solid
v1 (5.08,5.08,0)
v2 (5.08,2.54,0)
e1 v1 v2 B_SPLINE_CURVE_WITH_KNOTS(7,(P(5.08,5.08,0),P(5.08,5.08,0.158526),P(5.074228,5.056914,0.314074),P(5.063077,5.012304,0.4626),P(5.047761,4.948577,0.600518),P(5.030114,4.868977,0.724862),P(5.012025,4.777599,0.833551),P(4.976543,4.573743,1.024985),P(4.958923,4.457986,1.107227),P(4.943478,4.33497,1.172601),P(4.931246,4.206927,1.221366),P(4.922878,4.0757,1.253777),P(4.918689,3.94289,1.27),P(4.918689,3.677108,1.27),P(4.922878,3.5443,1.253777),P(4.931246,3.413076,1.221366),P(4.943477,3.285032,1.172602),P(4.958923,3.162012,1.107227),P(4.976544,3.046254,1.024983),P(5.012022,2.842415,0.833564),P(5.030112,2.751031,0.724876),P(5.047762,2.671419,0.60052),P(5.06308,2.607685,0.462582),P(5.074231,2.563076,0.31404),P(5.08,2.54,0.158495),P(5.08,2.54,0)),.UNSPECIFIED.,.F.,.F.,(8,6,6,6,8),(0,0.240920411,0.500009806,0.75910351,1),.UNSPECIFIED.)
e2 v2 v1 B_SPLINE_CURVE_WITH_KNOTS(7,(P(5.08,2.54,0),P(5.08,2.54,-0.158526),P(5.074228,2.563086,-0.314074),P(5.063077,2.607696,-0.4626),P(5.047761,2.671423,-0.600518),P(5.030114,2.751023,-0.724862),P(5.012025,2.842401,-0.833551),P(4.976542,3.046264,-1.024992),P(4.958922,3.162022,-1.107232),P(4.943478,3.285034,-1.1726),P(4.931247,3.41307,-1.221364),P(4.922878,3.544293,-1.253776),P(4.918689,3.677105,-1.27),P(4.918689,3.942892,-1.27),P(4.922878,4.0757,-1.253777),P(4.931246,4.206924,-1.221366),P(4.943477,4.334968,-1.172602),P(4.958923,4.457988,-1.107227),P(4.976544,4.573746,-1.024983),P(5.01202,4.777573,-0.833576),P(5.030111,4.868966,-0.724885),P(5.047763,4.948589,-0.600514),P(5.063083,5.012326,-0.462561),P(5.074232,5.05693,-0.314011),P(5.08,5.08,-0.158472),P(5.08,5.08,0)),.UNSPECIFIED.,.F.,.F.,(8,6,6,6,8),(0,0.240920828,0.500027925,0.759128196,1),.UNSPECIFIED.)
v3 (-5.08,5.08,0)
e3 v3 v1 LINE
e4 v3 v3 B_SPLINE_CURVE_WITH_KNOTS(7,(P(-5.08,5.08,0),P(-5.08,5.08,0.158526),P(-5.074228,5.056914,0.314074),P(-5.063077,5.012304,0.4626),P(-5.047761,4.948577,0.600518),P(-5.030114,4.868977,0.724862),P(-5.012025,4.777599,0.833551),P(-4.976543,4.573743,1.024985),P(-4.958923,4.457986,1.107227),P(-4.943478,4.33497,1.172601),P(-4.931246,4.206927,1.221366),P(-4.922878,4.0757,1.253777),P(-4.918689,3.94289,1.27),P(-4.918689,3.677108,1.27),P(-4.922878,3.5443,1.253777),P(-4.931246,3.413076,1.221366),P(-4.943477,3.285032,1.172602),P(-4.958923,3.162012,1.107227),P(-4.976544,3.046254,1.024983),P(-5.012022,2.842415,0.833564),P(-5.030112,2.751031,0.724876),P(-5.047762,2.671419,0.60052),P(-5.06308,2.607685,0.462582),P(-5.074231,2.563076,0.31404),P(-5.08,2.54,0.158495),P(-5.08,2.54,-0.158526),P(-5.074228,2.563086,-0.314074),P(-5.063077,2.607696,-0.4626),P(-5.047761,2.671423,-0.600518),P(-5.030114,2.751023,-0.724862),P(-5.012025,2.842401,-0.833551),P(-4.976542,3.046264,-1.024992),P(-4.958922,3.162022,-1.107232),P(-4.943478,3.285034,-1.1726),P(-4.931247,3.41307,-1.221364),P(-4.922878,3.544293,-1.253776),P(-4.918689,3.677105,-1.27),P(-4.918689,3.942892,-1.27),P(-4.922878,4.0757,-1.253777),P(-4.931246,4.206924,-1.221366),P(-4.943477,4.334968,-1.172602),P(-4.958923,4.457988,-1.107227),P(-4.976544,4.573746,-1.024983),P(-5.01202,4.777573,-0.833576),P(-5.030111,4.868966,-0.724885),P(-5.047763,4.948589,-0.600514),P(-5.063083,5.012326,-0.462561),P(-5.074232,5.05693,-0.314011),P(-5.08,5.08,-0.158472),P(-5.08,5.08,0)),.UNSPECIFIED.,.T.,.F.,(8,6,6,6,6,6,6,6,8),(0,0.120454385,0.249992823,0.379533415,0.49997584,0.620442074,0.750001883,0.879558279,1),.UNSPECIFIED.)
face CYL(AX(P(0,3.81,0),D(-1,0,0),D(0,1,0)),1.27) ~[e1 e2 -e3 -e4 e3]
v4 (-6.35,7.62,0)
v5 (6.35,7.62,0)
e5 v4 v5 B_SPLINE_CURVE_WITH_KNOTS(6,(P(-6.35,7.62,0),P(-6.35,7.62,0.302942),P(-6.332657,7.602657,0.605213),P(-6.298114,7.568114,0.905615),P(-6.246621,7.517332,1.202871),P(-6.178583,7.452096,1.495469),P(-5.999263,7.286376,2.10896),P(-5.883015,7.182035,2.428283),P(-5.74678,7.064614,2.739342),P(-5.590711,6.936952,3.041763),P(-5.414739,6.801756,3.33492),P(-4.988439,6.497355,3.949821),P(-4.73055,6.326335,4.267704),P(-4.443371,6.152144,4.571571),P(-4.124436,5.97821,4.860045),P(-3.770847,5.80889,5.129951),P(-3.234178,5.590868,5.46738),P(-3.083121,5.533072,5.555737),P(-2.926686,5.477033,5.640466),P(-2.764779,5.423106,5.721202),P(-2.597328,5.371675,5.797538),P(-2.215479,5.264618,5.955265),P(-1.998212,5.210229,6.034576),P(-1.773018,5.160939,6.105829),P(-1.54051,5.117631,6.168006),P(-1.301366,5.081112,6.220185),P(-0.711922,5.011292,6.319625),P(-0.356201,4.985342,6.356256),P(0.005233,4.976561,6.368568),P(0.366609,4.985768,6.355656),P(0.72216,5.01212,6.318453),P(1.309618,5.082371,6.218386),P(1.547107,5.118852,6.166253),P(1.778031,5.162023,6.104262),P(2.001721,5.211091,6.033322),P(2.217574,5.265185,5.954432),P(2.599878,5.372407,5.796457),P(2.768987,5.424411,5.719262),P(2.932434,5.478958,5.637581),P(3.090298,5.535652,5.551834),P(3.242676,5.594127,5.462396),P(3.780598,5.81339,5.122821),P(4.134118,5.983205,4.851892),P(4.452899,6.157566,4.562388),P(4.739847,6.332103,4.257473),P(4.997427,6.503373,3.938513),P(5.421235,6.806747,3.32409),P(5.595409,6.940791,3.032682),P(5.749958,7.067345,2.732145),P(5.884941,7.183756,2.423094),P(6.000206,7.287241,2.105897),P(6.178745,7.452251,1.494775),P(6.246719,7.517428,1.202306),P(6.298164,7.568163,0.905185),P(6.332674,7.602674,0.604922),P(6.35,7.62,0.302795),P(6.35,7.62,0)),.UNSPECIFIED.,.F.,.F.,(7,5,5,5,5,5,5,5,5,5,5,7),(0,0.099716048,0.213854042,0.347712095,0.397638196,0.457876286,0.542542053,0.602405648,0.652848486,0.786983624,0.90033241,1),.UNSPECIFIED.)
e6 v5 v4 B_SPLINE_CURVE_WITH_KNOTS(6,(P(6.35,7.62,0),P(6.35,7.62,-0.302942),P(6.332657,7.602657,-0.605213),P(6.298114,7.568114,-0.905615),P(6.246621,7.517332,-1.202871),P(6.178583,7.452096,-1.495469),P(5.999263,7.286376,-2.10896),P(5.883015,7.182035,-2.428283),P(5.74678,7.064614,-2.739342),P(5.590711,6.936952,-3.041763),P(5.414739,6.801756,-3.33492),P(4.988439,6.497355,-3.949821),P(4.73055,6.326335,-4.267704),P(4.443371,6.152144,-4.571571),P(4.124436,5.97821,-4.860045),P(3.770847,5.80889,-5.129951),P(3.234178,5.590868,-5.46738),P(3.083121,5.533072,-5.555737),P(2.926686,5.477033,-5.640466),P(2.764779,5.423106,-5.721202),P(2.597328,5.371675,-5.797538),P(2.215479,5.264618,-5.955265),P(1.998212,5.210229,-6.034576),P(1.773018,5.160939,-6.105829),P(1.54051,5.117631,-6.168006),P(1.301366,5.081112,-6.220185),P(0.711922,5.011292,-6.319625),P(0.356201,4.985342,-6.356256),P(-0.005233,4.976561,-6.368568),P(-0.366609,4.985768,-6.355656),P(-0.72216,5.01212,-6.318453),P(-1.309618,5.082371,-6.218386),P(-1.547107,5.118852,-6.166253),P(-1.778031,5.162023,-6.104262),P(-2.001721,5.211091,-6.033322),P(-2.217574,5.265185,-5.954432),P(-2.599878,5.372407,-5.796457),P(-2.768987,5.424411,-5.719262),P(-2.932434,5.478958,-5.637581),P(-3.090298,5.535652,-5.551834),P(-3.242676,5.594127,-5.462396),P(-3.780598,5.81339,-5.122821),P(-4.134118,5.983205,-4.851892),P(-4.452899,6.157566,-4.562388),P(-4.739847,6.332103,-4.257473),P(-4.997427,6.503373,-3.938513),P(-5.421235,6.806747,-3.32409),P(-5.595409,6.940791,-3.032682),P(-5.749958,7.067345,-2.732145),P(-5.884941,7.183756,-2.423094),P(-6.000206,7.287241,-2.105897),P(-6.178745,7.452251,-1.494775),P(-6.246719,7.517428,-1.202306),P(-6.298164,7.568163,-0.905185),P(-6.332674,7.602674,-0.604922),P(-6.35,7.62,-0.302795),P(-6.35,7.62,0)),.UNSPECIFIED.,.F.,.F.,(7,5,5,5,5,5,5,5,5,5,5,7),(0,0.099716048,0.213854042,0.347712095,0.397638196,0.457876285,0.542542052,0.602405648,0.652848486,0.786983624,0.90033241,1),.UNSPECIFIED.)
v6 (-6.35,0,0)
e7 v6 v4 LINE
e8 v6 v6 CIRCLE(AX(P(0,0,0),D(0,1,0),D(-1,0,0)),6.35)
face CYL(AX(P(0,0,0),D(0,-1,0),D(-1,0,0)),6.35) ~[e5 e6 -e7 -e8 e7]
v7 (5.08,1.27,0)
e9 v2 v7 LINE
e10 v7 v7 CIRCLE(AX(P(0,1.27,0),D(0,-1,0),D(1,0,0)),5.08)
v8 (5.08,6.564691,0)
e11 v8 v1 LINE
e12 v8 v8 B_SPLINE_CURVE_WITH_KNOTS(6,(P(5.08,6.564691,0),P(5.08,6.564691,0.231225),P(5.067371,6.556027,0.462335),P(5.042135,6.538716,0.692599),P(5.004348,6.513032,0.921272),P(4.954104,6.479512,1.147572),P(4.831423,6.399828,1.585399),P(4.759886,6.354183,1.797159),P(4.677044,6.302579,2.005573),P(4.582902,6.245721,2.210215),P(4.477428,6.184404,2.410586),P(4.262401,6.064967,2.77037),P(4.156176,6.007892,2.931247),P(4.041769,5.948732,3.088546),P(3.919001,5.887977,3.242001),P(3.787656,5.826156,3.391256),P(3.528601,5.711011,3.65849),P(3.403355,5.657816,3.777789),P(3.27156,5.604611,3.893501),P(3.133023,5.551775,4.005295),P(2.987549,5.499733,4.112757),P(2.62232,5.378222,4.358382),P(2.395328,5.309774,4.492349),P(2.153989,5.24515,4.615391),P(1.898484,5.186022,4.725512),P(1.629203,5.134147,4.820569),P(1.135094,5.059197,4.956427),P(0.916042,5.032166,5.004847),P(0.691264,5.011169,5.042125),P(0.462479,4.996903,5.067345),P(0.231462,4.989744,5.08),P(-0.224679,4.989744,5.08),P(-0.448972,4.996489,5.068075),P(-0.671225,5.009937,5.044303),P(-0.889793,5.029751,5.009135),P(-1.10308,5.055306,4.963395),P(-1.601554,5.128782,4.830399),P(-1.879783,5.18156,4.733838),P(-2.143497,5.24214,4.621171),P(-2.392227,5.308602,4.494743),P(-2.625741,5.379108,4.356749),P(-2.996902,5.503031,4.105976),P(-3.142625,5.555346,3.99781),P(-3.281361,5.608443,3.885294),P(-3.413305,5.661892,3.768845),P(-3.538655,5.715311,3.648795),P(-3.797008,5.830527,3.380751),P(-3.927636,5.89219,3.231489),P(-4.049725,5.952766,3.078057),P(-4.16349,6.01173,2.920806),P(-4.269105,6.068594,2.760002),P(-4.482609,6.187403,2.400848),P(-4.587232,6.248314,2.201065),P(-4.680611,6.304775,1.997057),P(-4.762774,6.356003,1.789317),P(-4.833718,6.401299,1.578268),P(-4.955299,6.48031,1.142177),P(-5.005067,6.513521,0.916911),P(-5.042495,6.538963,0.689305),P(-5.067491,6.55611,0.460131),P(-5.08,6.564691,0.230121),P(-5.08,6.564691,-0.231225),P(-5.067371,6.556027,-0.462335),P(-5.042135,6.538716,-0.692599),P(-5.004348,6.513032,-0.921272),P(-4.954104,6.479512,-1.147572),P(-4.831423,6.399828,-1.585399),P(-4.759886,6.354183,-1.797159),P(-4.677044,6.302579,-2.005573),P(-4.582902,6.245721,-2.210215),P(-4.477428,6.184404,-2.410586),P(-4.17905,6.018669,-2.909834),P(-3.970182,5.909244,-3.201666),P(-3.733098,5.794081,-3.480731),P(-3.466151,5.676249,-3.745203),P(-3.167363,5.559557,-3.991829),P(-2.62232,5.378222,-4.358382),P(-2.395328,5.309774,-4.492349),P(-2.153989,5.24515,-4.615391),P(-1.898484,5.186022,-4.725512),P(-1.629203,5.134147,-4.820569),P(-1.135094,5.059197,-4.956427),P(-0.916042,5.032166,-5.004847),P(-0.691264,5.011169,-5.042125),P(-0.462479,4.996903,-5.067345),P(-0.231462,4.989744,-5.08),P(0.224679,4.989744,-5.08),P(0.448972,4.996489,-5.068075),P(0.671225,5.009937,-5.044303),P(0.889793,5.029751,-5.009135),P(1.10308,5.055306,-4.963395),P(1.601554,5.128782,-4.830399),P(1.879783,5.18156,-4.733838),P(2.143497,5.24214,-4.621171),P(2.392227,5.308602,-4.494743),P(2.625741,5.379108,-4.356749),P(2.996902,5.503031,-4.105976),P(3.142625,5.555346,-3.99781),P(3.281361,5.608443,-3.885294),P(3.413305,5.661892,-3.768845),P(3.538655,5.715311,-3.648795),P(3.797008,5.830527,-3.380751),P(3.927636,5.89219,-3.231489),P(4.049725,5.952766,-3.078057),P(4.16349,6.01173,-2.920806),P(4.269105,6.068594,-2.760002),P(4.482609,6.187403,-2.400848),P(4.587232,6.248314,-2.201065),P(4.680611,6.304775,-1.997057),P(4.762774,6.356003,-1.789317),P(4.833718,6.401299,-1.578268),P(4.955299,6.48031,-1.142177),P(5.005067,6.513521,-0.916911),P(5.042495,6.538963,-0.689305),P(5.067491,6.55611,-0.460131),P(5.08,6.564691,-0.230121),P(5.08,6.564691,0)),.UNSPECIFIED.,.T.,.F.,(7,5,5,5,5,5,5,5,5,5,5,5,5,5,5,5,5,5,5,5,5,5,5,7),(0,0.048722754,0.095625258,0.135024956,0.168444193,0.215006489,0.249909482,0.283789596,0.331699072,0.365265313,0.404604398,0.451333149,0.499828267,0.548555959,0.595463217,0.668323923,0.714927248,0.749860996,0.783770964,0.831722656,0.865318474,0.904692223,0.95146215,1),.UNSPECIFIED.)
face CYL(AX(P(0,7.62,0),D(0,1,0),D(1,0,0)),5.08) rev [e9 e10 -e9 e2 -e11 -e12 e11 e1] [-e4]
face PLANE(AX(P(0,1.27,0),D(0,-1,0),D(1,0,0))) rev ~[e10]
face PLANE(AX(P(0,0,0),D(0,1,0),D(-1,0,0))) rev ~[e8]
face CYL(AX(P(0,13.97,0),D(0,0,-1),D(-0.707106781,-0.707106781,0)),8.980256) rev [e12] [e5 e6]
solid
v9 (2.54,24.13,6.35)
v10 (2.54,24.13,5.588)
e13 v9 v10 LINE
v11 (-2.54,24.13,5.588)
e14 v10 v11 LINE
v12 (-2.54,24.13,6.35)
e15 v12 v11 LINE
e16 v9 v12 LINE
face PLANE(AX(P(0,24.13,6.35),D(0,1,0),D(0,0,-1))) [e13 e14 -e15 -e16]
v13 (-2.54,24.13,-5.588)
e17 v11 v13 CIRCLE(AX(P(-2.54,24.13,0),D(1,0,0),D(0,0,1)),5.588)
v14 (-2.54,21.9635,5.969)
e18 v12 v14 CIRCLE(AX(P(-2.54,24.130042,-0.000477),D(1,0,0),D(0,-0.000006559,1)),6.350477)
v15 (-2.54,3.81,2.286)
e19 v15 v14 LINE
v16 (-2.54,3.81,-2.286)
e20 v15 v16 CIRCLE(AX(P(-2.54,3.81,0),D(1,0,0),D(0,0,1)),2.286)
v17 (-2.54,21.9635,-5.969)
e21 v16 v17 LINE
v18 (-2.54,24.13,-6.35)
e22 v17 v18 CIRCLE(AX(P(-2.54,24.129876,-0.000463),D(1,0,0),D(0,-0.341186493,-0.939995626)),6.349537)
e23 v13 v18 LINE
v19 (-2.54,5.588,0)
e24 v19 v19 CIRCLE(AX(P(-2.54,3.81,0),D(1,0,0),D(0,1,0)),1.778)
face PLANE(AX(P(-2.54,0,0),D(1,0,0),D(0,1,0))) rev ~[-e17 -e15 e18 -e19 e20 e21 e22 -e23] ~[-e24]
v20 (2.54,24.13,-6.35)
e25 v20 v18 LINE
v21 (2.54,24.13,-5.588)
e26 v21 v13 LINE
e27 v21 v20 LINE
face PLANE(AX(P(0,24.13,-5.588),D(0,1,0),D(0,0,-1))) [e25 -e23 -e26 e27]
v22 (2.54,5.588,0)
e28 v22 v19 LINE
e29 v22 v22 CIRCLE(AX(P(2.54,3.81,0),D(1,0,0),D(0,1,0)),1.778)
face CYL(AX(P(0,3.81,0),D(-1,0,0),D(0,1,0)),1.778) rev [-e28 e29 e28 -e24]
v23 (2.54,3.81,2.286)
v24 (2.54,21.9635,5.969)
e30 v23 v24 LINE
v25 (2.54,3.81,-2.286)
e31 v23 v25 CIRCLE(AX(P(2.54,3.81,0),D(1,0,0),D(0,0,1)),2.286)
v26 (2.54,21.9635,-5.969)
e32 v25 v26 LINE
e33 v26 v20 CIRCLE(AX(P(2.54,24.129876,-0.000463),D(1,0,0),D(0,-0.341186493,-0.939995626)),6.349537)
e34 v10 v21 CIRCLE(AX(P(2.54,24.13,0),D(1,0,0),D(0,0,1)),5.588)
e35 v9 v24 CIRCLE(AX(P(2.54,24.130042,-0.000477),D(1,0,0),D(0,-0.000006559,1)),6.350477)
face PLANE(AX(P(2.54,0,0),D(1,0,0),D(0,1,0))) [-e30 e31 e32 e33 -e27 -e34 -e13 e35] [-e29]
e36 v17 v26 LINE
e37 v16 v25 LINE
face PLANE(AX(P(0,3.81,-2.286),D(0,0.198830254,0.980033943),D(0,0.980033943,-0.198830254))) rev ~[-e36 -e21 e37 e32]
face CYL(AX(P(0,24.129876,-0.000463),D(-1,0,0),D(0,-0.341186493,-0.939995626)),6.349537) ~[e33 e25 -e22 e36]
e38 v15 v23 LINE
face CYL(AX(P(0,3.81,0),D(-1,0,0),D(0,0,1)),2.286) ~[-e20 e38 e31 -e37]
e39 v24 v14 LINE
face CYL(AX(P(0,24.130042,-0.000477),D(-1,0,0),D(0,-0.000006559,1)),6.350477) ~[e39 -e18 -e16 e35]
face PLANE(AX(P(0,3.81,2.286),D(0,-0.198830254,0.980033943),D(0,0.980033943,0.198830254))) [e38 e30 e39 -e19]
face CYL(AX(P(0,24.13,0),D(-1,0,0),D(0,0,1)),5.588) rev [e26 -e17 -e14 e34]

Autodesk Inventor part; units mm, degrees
ref_plane "XZ Plane" through (0, 0, 0) normal (0, 1, 0) x (-1, 0, 0)
ref_plane "XY Plane" through (0, 0, 0) normal (0, 0, 1) x (1, 0, 0)
sketch "Sketch1" plane through (0, 0, 0) normal (0, 1, 0) x (-1, 0, 0)
  circle A0 centre (0, 0) radius 6.35
  dimension "d0" = 12.7
extrude "Extrusion1" add sketch "Sketch1" along normal blind 7.62
sketch "Sketch2" plane through (0, 0, 0) normal (0, 0, 1) x (1, 0, 0)
  line L0 (6.35, 7.62) -> (-6.35, 7.62) projected
  arc A0 (-6.35, 7.62) -> (6.35, 7.62) centre (0, 13.97) ccw
  line L1 (-6.35, 7.62) -> (-6.35, 5.08) construction
  line L2 (-6.35, 0) -> (-6.35, 7.62) construction
  point P0 (0, 0)
  dimension "d5" = 2.54
  dimension "d6" = 8.89
extrude "Extrusion2" cut sketch "Sketch2" along normal mid plane 25.4
ref_plane "Work Plane1" through (0, 7.62, 0) normal (0, -1, 0) x (1, 0, 0)
sketch "Sketch3" plane through (0, 7.62, 0) normal (0, -1, 0) x (1, 0, 0)
  circle A0 centre (0, 0) radius 5.08
  dimension "d10" = 10.16
extrude "Extrusion3" cut sketch "Sketch3" along normal blind 6.35
sketch "Sketch4" plane through (0, 0, 0) normal (1, 0, 0) x (0, 1, 0)
  circle A0 centre (3.81, 0) radius 1.27
  line L0 (1.27, 5.08) -> (1.27, -5.08) projected
  point P0 (0, 0)
  dimension "d13" = 2.54
  dimension "d14" = 2.54
extrude "Extrusion4" add sketch "Sketch4" along normal mid plane 11.43
sketch "Sketch5" plane through (0, 0, 0) normal (1, 0, 0) x (0, 1, 0)
  circle A0 centre (3.81, 0) radius 1.778
  arc A1 (3.81, 2.286) -> (3.81, -2.286) centre (3.81, 0) ccw
  arc A2 (24.13, 5.588) -> (24.13, -5.588) centre (24.13, 0) ccw
  line L0 (24.13, 6.35) -> (24.13, 5.588)
  line L1 (24.13, -5.588) -> (24.13, -6.35)
  line L2 (3.81, 2.286) -> (21.9635, 5.969)
  line L3 (3.81, -2.286) -> (21.9635, -5.969)
  arc A3 (24.13, 6.35) -> (21.9635, 5.969) centre (24.13, 0) ccw
  arc A4 (21.9635, -5.969) -> (24.13, -6.35) centre (24.13, 0) ccw
  point P0 (0, 0)
  point P1 (3.81, 1.27)
  dimension "d17" = 3.556
  dimension "d18" = 4.572
  dimension "d21" = 11.176
  dimension "d22" = 0
  dimension "d23" = 20.32
extrude "Extrusion5" add sketch "Sketch5" along normal mid plane 5.08
properties part number "PistonTest1"
